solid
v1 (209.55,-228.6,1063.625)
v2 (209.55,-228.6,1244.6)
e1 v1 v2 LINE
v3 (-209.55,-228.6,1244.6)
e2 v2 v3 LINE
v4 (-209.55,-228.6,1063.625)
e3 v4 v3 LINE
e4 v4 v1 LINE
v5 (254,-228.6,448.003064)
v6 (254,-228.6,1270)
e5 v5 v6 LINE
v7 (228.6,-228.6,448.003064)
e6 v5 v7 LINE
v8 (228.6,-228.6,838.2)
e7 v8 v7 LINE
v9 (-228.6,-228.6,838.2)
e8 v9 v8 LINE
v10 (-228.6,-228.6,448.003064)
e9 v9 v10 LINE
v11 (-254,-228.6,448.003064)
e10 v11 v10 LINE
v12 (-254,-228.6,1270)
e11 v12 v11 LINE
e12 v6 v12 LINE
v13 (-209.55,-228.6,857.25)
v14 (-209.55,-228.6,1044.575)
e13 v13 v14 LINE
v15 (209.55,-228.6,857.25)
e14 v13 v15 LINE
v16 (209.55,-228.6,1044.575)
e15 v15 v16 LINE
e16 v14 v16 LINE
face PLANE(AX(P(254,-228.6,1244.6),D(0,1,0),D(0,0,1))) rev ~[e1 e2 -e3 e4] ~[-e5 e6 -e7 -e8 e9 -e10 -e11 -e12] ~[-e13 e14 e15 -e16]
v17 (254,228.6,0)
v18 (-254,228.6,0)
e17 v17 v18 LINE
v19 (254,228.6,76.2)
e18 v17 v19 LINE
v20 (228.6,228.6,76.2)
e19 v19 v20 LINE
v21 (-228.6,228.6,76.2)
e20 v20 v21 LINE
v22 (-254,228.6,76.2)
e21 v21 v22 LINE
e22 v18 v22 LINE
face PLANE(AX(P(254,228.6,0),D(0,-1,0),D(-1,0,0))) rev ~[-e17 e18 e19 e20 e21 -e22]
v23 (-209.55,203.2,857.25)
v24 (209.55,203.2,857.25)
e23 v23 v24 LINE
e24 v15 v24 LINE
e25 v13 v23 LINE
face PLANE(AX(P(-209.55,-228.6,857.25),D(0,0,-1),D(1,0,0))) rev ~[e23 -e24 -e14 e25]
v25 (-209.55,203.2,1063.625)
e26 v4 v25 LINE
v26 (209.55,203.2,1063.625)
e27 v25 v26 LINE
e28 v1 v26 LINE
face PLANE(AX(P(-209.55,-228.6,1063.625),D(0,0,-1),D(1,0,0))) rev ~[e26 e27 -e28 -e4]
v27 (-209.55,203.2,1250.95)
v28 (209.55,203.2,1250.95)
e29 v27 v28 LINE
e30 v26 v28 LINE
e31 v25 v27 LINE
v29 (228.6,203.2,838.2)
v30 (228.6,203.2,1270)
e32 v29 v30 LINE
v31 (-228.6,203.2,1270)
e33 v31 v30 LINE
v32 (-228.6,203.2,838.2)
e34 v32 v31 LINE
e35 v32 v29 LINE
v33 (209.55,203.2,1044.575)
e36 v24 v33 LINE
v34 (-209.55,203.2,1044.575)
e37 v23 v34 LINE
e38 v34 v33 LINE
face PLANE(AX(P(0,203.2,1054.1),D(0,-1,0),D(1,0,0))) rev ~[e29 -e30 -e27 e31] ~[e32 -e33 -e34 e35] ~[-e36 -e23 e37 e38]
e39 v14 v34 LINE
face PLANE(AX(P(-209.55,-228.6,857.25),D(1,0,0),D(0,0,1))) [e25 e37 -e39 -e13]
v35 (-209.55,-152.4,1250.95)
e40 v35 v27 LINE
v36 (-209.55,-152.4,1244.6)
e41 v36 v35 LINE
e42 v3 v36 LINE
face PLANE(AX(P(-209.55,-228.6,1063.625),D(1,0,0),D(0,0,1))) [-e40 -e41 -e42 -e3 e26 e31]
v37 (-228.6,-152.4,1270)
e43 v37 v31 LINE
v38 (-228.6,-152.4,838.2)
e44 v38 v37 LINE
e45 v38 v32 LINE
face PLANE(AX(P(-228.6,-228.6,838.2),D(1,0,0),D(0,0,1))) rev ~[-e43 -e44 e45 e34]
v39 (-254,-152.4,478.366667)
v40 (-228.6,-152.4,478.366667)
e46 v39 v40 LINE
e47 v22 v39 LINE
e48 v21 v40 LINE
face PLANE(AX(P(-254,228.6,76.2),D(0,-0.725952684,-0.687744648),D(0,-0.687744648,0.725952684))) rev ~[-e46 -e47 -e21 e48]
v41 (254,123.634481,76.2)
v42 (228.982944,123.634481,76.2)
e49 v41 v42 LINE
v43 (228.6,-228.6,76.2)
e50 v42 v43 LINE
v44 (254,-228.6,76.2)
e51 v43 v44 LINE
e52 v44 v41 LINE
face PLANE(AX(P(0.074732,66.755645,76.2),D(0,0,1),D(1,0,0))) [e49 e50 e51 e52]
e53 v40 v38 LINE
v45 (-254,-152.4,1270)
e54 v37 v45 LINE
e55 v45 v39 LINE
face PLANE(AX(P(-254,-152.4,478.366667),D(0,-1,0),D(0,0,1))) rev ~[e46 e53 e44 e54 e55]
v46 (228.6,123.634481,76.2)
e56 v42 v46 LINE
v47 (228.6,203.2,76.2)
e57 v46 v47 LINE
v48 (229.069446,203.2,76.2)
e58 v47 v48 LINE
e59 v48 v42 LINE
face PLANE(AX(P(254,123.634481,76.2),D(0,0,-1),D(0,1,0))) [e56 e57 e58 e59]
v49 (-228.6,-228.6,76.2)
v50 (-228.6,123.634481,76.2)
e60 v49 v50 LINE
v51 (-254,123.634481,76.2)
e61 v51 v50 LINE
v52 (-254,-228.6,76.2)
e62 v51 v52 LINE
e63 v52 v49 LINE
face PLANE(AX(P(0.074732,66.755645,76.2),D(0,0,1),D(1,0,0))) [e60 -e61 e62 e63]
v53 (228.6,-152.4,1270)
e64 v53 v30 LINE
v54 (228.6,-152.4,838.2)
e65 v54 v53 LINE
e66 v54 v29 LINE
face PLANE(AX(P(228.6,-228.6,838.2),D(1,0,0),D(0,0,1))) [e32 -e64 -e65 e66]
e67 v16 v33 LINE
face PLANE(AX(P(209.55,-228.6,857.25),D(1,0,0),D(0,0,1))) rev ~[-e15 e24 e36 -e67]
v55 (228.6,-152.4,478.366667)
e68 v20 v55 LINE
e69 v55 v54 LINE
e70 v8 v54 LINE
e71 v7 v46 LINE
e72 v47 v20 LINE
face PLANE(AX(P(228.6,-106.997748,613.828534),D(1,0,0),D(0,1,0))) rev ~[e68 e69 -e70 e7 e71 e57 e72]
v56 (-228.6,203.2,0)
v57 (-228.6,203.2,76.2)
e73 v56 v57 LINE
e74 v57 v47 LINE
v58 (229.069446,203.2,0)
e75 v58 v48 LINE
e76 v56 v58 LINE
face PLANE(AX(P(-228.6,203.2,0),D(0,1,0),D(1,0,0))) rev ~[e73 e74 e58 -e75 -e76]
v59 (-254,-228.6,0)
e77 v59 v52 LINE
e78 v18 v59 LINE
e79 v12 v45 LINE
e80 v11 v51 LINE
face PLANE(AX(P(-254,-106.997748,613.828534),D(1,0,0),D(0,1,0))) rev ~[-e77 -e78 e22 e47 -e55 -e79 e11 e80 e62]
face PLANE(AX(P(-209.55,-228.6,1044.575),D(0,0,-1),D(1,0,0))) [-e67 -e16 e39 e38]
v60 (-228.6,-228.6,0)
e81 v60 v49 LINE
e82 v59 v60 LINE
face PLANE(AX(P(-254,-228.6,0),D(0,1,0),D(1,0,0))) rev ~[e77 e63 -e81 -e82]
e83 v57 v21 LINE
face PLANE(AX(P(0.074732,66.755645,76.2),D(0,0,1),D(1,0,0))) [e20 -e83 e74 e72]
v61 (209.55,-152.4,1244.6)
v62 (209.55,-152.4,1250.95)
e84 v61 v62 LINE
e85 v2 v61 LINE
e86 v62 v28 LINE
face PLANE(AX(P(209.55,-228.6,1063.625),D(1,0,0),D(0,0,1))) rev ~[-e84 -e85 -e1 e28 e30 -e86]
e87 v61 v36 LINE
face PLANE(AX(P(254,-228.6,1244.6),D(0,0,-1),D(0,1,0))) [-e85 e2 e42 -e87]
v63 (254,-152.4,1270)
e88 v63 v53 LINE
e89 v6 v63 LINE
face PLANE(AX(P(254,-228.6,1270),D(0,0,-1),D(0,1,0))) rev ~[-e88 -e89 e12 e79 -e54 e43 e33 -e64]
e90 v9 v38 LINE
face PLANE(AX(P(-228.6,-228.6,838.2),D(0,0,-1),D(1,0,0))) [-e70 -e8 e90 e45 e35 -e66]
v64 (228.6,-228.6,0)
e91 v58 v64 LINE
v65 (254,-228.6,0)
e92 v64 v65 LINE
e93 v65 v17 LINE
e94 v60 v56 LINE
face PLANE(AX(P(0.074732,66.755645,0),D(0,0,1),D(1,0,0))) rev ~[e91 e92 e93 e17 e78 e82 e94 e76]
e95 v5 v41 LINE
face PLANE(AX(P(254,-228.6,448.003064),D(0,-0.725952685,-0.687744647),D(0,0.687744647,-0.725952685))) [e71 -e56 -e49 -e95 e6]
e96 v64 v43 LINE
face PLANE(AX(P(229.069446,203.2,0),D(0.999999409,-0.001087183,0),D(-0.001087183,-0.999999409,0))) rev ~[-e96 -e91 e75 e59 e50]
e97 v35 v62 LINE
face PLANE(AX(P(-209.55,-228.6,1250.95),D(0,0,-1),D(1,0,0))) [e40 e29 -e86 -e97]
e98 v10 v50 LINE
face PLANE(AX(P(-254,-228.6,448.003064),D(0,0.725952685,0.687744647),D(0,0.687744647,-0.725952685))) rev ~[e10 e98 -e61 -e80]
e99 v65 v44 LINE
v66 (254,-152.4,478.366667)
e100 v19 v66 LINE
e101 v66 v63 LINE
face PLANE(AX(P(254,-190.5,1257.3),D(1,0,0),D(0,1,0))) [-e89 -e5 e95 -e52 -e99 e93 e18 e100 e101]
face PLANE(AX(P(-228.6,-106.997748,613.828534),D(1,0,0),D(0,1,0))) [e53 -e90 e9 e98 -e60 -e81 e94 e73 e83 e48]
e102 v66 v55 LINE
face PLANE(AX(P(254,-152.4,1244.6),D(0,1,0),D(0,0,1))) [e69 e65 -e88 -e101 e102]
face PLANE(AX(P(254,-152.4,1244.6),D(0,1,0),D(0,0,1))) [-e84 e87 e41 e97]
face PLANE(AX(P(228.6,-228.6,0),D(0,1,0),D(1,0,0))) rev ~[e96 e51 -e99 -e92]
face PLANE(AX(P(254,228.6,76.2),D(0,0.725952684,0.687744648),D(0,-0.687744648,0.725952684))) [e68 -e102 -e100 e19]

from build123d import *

# Parameters (mm, degrees)
F1_DEPTH  = 76.2
F5_DEPTH  = 25.4
F8_DEPTH  = 25.4
F10_W     = 457.2
F10_H     = 431.8
F10_W_2   = 419.1
F10_H_2   = 187.325
F11_DEPTH = 431.8
F12_W     = 76.2
F12_H     = 25.4
F13_DEPTH = 508


with BuildPart() as f1:
    # F0 (on Top) → F1 (new body)
    with BuildSketch(Plane.XY):
        Polygon((228.6, -228.6), (254, -228.6), (254, 228.6), (-254, 228.6), (-254, -228.6), (-228.6, -228.6), (-228.6, 203.2), (229.069446, 203.2), align=None)
    extrude(amount=F1_DEPTH)

    # F4 (on offset) → F5 (join)
    with BuildSketch(Plane.YZ.offset(254)):
        Polygon((123.634481, 76.2), (228.6, 76.2), (-152.4, 478.366667), (-152.4, 1244.6), (-228.6, 1244.6), (-228.6, 448.003064), align=None)
    extrude(amount=-F5_DEPTH)

    # F7 (on offset) → F8 (join)
    with BuildSketch(Plane.YZ.offset(-254)):
        Polygon((123.634481, 76.2), (228.6, 76.2), (-152.4, 478.366667), (-152.4, 1244.6), (-228.6, 1244.6), (-228.6, 448.003064), align=None)
    extrude(amount=F8_DEPTH)

    # F10 (on offset) → F11 (join)
    with BuildSketch(Plane.XZ.offset(228.6)):
        with Locations((0, 1054.1)):
            Rectangle(F10_W, F10_H)
        with Locations((0, 950.9125)):
            Rectangle(F10_W_2, F10_H_2, mode=Mode.SUBTRACT)
        with Locations((0, 1157.2875)):
            Rectangle(F10_W_2, F10_H_2, mode=Mode.SUBTRACT)
    extrude(amount=-F11_DEPTH)

    # F12 (on offset) → F13 (join)
    with BuildSketch(Plane.YZ.offset(254)):
        with Locations((-190.5, 1257.3)):
            Rectangle(F12_W, F12_H)
    extrude(amount=-F13_DEPTH)


solid = f1.part
